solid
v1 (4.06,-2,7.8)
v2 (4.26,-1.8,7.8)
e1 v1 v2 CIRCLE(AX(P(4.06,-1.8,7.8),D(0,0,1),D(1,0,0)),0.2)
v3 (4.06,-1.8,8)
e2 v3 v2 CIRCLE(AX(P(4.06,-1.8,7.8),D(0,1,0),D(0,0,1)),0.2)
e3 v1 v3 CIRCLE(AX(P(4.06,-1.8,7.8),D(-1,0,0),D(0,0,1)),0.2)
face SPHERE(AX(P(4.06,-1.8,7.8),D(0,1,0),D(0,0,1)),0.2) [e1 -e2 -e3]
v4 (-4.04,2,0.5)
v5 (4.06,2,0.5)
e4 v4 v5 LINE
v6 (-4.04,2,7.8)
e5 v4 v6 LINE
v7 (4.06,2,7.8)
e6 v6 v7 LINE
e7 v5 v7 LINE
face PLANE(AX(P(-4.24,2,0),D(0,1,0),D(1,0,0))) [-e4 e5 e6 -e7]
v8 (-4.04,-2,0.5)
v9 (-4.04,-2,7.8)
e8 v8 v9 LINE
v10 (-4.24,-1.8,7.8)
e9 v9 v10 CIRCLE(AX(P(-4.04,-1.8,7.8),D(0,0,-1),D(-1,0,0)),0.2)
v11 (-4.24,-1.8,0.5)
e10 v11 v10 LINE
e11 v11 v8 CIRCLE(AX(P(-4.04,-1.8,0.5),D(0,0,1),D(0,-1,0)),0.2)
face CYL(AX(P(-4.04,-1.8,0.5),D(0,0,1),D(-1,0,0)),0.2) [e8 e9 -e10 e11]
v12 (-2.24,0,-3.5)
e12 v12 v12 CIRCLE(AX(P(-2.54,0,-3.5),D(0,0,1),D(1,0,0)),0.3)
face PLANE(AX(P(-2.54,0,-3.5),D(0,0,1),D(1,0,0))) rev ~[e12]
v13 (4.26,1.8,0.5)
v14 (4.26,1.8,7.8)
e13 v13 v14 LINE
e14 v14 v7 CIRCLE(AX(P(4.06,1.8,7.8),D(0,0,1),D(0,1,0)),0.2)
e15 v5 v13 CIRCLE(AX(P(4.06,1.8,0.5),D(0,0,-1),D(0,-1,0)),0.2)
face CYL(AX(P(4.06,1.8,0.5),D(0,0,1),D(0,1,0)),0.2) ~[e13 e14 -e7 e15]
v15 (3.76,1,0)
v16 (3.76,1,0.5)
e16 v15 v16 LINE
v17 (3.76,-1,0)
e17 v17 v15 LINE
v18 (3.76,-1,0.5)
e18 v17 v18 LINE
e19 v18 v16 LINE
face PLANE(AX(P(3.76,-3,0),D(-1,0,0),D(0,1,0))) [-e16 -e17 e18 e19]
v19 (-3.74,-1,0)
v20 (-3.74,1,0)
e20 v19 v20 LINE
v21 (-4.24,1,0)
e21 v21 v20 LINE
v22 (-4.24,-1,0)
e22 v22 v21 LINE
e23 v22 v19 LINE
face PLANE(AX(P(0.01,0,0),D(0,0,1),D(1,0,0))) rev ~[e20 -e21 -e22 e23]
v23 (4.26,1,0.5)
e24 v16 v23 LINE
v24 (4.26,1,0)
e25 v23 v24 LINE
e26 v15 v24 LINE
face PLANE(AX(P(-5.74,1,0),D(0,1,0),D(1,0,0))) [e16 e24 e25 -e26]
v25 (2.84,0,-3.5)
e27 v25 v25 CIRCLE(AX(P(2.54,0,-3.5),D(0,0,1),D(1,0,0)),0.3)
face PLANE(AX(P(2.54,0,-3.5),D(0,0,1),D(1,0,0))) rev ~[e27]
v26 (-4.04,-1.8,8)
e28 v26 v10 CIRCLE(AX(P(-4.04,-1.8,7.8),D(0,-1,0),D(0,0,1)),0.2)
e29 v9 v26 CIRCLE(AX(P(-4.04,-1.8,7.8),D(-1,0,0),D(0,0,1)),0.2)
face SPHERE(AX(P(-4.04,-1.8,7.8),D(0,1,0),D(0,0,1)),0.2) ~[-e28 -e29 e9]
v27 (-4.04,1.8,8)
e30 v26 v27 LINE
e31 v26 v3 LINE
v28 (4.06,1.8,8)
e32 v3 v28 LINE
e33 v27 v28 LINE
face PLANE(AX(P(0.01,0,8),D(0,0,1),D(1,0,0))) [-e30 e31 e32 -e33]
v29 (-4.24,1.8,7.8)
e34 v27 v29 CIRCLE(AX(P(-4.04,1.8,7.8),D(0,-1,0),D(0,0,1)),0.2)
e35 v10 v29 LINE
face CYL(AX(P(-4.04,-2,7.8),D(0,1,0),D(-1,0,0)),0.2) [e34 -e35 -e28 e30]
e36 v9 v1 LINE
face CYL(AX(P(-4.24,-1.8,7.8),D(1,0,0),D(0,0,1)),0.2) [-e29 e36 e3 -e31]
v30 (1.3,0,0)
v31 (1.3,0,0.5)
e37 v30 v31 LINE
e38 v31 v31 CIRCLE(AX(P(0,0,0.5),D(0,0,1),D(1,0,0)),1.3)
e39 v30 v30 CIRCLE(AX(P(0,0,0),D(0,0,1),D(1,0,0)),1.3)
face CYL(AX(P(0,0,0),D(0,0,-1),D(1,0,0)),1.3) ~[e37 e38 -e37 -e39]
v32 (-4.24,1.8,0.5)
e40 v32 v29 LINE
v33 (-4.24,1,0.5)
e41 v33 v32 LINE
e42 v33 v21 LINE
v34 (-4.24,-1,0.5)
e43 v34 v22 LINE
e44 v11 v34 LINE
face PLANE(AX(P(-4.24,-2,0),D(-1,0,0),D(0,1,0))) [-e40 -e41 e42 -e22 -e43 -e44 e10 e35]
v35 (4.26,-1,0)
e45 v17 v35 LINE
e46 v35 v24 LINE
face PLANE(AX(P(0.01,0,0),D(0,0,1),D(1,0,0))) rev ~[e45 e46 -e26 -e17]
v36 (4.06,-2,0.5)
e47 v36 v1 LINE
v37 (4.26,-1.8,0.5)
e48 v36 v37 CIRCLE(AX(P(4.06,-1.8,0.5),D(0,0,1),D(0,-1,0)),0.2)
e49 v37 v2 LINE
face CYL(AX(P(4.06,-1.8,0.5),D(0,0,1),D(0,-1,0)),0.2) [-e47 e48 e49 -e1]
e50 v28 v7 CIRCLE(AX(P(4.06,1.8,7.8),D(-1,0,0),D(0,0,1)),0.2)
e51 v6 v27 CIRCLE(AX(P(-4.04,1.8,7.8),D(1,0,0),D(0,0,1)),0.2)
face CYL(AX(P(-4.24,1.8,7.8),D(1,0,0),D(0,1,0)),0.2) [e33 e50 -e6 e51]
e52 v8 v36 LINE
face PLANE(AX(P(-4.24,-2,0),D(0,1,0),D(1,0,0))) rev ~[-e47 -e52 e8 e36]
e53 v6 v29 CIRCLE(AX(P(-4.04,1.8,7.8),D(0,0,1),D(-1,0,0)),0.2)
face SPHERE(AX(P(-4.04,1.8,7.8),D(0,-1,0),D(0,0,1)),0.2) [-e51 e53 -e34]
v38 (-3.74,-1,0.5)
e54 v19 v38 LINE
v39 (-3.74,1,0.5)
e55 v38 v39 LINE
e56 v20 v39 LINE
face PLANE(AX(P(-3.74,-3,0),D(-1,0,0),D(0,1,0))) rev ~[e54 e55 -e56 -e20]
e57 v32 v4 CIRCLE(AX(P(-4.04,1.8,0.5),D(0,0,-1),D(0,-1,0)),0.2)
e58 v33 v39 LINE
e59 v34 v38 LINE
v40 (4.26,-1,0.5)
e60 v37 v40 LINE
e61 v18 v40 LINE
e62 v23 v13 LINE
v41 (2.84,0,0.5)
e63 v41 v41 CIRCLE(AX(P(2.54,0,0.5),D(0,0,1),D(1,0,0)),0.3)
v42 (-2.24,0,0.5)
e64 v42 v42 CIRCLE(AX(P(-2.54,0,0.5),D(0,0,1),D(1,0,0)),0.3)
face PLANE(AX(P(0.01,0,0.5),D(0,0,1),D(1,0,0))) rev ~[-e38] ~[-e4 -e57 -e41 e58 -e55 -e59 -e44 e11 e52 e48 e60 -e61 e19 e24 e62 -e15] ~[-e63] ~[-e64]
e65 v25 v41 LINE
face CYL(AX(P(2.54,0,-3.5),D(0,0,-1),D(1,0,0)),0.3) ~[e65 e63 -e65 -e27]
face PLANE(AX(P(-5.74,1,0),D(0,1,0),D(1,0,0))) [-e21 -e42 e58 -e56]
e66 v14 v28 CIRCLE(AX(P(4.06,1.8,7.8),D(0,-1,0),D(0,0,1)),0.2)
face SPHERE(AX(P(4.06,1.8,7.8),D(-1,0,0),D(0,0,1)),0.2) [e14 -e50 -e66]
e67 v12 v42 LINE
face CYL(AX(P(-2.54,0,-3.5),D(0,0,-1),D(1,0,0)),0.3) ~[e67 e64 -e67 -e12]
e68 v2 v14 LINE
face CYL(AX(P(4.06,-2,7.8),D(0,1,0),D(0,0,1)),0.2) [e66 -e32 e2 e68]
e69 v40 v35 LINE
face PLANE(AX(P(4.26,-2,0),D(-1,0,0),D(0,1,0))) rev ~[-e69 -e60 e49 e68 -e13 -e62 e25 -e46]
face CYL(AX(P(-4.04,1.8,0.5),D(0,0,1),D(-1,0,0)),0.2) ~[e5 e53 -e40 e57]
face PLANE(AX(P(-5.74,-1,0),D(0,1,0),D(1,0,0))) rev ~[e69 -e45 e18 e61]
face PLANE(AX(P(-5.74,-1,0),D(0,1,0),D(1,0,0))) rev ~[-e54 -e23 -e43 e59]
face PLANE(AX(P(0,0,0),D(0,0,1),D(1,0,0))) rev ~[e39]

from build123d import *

# Parameters (mm, degrees)
CYLINDER_R           = 1.3
CYLINDER_DEPTH       = 0.5
CYLINDER001_R        = 0.3
CYLINDER001_DEPTH    = 4
CYLINDER001001_R     = 0.3
CYLINDER001001_DEPTH = 4
BOX001001001_W       = 10.5
BOX001001001_H       = 3
BOX001001001_DEPTH   = 0.5
BOX001_W             = 7.5
BOX001_H             = 6
BOX001_DEPTH         = 0.5
BOX001001_W          = 10.5
BOX001001_H          = 3
BOX001001_DEPTH      = 0.5
BOX_W                = 8.5
BOX_H                = 4
BOX_DEPTH            = 8
FILLET_R             = 0.2


with BuildPart() as cylinder:
    # Cylinder → Cylinder (new body)
    with BuildSketch(Plane.XY):
        Circle(CYLINDER_R)
    extrude(amount=CYLINDER_DEPTH)


with BuildPart() as pin:
    # Cylinder001 → Cylinder001 (new body)
    with BuildSketch(Plane(origin=(-2.54, 0, -3.5), x_dir=(1, 0, 0), z_dir=(0, 0, 1))):
        Circle(CYLINDER001_R)
    extrude(amount=CYLINDER001_DEPTH)


with BuildPart() as pin001:
    # Cylinder001001 → Cylinder001001 (new body)
    with BuildSketch(Plane(origin=(2.54, 0, -3.5), x_dir=(1, 0, 0), z_dir=(0, 0, 1))):
        Circle(CYLINDER001001_R)
    extrude(amount=CYLINDER001001_DEPTH)


with BuildPart() as box001001001:
    # Box001001001 → Box001001001 (new body)
    with BuildSketch(Plane(origin=(-5.74, 1, 0), x_dir=(1, 0, 0), z_dir=(0, 0, 1))):
        with Locations((5.25, 1.5)):
            Rectangle(BOX001001001_W, BOX001001001_H)
    extrude(amount=BOX001001001_DEPTH)


with BuildPart() as box001:
    # Box001 → Box001 (new body)
    with BuildSketch(Plane(origin=(-3.74, -3, 0), x_dir=(1, 0, 0), z_dir=(0, 0, 1))):
        with Locations((3.75, 3)):
            Rectangle(BOX001_W, BOX001_H)
    extrude(amount=BOX001_DEPTH)


with BuildPart() as fusion:
    # Box001001 → Box001001 (new body)
    with BuildSketch(Plane(origin=(-5.74, -4, 0), x_dir=(1, 0, 0), z_dir=(0, 0, 1))):
        with Locations((5.25, 1.5)):
            Rectangle(BOX001001_W, BOX001001_H)
    extrude(amount=BOX001001_DEPTH)

    # Fusion: union Box001001001, Box001
    add(box001001001.part)
    add(box001.part)


with BuildPart() as fuse_te5:
    # Box → Box (new body)
    with BuildSketch(Plane(origin=(-4.24, -2, 0), x_dir=(1, 0, 0), z_dir=(0, 0, 1))):
        with Locations((4.25, 2)):
            Rectangle(BOX_W, BOX_H)
    extrude(amount=BOX_DEPTH)

    # Cut: cut Fusion
    add(fusion.part, mode=Mode.SUBTRACT)

    # Fillet
    fillet_edges = [fuse_te5.edges().sort_by_distance(p)[0] for p in [
        (-4.24, 0, 8),
        (0.01, 2, 8),
        (4.26, 0, 8),
        (0.01, -2, 8),
        (-4.24, -2, 4.25),
        (-4.24, 2, 4.25),
        (4.26, 2, 4.25),
        (4.26, -2, 4.25),
    ]]
    fillet(fillet_edges, radius=FILLET_R)

    # Fusion001: union Cylinder, PIN, PIN001
    add(cylinder.part)
    add(pin.part)
    add(pin001.part)


solid = fuse_te5.part
